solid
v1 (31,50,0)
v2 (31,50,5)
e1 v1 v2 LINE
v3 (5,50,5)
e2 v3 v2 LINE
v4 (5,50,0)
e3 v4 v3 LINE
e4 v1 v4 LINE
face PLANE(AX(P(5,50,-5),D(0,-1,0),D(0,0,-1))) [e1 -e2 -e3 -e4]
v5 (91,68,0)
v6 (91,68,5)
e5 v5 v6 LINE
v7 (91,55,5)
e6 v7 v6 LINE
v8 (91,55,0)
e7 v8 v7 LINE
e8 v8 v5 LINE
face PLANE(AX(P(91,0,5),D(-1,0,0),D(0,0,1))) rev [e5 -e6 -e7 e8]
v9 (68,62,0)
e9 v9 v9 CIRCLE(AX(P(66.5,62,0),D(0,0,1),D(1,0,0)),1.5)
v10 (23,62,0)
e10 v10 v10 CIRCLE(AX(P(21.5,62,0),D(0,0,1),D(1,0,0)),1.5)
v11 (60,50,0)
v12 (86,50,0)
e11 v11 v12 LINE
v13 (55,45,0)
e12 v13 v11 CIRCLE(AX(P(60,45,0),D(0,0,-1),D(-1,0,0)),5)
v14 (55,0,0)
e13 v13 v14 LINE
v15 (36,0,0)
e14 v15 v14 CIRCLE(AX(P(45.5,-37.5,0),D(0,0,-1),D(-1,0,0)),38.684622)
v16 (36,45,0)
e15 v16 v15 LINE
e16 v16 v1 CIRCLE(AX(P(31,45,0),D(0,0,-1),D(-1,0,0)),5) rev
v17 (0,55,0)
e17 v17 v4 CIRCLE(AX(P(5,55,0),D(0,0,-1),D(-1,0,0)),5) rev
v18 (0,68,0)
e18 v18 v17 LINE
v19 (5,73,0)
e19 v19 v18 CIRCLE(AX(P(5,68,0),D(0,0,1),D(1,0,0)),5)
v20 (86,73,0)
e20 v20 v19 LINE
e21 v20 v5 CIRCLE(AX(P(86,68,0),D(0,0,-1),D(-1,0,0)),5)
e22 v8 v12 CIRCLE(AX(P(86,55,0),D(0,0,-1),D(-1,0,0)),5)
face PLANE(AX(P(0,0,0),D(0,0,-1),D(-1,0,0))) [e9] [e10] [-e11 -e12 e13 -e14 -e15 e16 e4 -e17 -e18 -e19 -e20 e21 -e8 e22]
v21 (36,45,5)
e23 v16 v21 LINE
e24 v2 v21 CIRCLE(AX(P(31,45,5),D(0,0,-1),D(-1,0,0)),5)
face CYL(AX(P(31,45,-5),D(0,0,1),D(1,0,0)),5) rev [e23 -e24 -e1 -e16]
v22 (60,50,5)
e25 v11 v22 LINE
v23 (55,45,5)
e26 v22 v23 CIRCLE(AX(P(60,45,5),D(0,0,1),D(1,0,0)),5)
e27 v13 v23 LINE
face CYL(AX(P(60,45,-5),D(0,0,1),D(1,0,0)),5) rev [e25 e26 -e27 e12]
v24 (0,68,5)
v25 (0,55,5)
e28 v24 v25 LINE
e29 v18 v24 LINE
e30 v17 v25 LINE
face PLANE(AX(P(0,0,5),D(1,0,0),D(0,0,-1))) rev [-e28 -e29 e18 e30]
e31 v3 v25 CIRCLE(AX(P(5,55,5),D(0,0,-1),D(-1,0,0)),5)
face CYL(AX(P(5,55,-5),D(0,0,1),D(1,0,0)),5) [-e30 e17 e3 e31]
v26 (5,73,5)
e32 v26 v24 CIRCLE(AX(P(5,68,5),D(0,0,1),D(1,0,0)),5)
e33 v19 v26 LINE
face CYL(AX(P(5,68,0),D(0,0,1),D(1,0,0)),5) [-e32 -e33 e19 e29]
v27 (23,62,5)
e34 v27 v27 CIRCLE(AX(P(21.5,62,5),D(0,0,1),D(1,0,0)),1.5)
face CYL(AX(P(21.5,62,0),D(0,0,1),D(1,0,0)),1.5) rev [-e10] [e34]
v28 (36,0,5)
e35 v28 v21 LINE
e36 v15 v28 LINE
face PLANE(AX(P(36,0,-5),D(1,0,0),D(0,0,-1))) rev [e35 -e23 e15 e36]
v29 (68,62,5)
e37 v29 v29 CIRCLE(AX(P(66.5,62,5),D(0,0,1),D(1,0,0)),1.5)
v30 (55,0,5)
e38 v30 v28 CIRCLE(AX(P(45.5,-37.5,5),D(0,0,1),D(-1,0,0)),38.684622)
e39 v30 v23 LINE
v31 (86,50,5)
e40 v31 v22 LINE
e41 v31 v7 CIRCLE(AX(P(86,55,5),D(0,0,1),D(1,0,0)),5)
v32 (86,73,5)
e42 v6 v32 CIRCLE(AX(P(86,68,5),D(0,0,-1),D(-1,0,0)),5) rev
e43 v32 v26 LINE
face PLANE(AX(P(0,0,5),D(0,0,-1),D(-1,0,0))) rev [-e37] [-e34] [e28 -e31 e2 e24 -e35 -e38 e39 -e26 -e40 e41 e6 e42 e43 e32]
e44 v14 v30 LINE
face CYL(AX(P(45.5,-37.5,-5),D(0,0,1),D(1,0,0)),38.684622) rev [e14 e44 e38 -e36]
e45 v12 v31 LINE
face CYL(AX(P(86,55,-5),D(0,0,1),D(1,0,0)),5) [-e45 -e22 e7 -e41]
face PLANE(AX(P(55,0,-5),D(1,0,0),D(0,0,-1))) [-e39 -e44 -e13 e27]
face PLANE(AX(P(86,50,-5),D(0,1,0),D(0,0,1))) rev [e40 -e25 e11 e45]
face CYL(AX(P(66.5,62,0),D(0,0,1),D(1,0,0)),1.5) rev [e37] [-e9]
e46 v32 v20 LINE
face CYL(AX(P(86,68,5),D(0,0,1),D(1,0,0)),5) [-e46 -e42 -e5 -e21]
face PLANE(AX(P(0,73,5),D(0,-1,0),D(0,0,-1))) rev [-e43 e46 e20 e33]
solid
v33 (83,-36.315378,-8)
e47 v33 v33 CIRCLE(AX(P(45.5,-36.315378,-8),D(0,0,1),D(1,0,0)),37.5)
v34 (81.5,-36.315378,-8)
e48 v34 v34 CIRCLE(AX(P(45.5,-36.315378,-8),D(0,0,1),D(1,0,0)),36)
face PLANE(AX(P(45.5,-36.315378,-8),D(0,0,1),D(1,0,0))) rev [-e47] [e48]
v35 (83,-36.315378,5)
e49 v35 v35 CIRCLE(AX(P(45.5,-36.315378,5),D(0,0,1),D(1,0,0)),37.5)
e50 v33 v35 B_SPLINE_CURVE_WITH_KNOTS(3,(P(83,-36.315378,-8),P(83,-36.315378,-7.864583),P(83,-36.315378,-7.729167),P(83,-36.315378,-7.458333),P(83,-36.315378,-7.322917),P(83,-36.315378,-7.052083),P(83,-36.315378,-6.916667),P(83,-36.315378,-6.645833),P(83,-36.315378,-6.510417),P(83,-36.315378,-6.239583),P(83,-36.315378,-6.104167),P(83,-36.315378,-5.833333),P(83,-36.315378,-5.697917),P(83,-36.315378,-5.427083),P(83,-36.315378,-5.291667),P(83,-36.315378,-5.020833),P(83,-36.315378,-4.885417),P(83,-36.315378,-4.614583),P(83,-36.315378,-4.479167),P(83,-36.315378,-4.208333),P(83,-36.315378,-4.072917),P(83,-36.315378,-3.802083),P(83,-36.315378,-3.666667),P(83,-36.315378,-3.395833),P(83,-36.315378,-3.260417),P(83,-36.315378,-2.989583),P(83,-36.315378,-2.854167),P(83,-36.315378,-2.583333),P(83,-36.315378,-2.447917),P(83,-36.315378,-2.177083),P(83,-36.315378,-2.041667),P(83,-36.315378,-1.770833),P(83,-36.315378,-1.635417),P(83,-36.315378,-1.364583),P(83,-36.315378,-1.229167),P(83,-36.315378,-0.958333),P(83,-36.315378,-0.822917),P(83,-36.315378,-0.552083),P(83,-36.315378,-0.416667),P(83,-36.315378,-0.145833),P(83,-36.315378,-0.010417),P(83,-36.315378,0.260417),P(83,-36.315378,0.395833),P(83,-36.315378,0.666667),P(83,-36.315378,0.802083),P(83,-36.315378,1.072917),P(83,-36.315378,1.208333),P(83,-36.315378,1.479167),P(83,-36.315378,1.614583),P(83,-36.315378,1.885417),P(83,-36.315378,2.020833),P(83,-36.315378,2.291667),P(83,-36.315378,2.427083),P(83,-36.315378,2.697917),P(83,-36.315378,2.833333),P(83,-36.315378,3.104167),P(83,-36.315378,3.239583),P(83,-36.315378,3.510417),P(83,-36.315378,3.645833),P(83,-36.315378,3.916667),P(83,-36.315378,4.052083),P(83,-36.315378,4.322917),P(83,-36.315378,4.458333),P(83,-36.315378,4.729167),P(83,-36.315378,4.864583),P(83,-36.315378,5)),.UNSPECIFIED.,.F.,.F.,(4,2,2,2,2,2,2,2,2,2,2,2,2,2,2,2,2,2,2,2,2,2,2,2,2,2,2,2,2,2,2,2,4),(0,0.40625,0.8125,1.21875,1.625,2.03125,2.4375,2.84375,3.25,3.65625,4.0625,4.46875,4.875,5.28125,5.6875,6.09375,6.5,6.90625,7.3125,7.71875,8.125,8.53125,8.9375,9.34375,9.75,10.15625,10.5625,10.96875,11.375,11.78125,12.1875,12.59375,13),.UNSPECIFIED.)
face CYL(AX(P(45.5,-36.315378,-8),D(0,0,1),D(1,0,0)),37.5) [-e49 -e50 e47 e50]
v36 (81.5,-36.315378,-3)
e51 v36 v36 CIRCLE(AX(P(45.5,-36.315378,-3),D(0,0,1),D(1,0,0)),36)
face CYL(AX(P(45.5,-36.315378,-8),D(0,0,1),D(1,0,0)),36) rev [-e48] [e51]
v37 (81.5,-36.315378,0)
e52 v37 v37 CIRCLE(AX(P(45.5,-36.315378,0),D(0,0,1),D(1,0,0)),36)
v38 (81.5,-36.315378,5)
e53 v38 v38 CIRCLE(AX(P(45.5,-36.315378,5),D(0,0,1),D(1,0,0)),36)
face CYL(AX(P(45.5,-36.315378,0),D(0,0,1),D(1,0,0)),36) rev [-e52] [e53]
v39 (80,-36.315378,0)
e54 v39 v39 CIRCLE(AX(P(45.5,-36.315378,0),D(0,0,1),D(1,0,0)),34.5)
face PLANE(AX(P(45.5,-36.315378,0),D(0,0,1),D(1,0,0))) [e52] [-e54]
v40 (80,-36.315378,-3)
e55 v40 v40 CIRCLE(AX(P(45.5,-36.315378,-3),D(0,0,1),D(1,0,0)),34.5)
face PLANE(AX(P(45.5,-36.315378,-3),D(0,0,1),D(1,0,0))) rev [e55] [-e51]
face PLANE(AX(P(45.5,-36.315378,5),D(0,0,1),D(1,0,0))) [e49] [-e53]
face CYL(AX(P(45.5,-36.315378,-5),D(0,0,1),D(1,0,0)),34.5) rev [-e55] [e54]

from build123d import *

# Parameters (mm, degrees)
ESQUISSE1_W                = 91
ESQUISSE1_H                = 73
BOSS_EXTRU_1_DEPTH         = 5
ENL_V_MAT_EXTRU_2_DEPTH    = 10
ENL_V_MAT_EXTRU_3_DEPTH    = 10
ESQUISSE4_R                = 37.5
BOSS_EXTRU_2_DEPTH         = 13
ESQUISSE5_R                = 36
ENL_V_MAT_EXTRU_4_DEPTH    = 5
R_P_TITION_LIN_AIRE1_COUNT = 2
R_P_TITION_LIN_AIRE1_PITCH = 8
ESQUISSE6_R                = 34.5
ENL_V_MAT_EXTRU_5_DEPTH    = 5
ENL_V_MAT_EXTRU_6_DEPTH    = 5
CONG_1_R                   = 5
ESQUISSE8_R                = 1.5
ENL_V_MAT_EXTRU_7_DEPTH    = 5


with BuildPart() as part:
    # Esquisse1 → Boss.-Extru.1 (new body)
    with BuildSketch(Plane.XY):
        with Locations((45.5, 36.5)):
            Rectangle(ESQUISSE1_W, ESQUISSE1_H)
    extrude(amount=BOSS_EXTRU_1_DEPTH)

    # Esquisse2 → Enlèv. mat.-Extru.2 (cut)
    with BuildSketch(Plane.XY.offset(5)):
        with BuildLine():
            Line((0, 0), (36, 0))
            Line((36, 0), (36, 45))
            ThreePointArc((36, 45), (34.535533906, 48.535533906), (31, 50))
            Line((31, 50), (5, 50))
            ThreePointArc((5, 50), (1.464466094, 51.464466094), (0, 55))
            Line((0, 55), (0, 50))
            Line((0, 50), (0, 0))
        make_face()
        with BuildLine():
            Line((86, 50), (60, 50))
            ThreePointArc((60, 50), (56.464466094, 48.535533906), (55, 45))
            Line((55, 45), (55, 0))
            Line((55, 0), (91, 0))
            Line((91, 0), (91, 50))
            Line((91, 50), (91, 55))
            ThreePointArc((91, 55), (89.535533906, 51.464466094), (86, 50))
        make_face()
    extrude(amount=-ENL_V_MAT_EXTRU_2_DEPTH, mode=Mode.SUBTRACT)

    # Esquisse3 → Enlèv. mat.-Extru.3 (cut)
    with BuildSketch(Plane.XY.offset(5)):
        with BuildLine():
            Line((36, 0), (55, 0))
            ThreePointArc((55, 0), (45.5, 1.184622268), (36, 0))
        make_face()
    extrude(amount=-ENL_V_MAT_EXTRU_3_DEPTH, mode=Mode.SUBTRACT)

    # Esquisse7 → Enlèv. mat.-Extru.6 (cut)
    with BuildSketch(Plane.XY.offset(5)):
        with BuildLine():
            ThreePointArc((0, 68), (1.464466094, 71.535533906), (5, 73))
            Line((5, 73), (0, 73))
            Line((0, 73), (0, 68))
        make_face()
    extrude(amount=-ENL_V_MAT_EXTRU_6_DEPTH, mode=Mode.SUBTRACT)

    # Congé1
    cong_1_edges = [part.edges().sort_by_distance(p)[0] for p in [
        (91, 73, 2.5),
    ]]
    fillet(cong_1_edges, radius=CONG_1_R)

    # Esquisse8 → Enlèv. mat.-Extru.7 (cut)
    with BuildSketch(Plane.XY.offset(5)):
        with Locations((21.5, 62)):
            Circle(ESQUISSE8_R)
        with Locations((66.5, 62)):
            Circle(ESQUISSE8_R)
    extrude(amount=-ENL_V_MAT_EXTRU_7_DEPTH, mode=Mode.SUBTRACT)


with BuildPart() as body_2:
    # Esquisse4 → Boss.-Extru.2 (new body)
    with BuildSketch(Plane.XY.offset(5)):
        with Locations((45.5, -36.315377732)):
            Circle(ESQUISSE4_R)
    extrude(amount=-BOSS_EXTRU_2_DEPTH)

    # Esquisse5 → Enlèv. mat.-Extru.4 (cut)
    with BuildSketch(Plane.XY.offset(5)):
        with Locations((45.5, -36.315377732)):
            Circle(ESQUISSE5_R)
    enl_v_mat_extru_4 = extrude(amount=-ENL_V_MAT_EXTRU_4_DEPTH, mode=Mode.SUBTRACT)

    # Répétition linéaire1: Enlèv. mat.-Extru.4 ×2
    with Locations(*[(0, 0, -i * R_P_TITION_LIN_AIRE1_PITCH) for i in range(1, R_P_TITION_LIN_AIRE1_COUNT)]):
        add(enl_v_mat_extru_4, mode=Mode.SUBTRACT)

    # Esquisse6 → Enlèv. mat.-Extru.5 (cut)
    with BuildSketch(Plane.XY):
        with Locations((45.5, -36.315377732)):
            Circle(ESQUISSE6_R)
    extrude(amount=-ENL_V_MAT_EXTRU_5_DEPTH, mode=Mode.SUBTRACT)


solid = Compound([part.part, body_2.part])
